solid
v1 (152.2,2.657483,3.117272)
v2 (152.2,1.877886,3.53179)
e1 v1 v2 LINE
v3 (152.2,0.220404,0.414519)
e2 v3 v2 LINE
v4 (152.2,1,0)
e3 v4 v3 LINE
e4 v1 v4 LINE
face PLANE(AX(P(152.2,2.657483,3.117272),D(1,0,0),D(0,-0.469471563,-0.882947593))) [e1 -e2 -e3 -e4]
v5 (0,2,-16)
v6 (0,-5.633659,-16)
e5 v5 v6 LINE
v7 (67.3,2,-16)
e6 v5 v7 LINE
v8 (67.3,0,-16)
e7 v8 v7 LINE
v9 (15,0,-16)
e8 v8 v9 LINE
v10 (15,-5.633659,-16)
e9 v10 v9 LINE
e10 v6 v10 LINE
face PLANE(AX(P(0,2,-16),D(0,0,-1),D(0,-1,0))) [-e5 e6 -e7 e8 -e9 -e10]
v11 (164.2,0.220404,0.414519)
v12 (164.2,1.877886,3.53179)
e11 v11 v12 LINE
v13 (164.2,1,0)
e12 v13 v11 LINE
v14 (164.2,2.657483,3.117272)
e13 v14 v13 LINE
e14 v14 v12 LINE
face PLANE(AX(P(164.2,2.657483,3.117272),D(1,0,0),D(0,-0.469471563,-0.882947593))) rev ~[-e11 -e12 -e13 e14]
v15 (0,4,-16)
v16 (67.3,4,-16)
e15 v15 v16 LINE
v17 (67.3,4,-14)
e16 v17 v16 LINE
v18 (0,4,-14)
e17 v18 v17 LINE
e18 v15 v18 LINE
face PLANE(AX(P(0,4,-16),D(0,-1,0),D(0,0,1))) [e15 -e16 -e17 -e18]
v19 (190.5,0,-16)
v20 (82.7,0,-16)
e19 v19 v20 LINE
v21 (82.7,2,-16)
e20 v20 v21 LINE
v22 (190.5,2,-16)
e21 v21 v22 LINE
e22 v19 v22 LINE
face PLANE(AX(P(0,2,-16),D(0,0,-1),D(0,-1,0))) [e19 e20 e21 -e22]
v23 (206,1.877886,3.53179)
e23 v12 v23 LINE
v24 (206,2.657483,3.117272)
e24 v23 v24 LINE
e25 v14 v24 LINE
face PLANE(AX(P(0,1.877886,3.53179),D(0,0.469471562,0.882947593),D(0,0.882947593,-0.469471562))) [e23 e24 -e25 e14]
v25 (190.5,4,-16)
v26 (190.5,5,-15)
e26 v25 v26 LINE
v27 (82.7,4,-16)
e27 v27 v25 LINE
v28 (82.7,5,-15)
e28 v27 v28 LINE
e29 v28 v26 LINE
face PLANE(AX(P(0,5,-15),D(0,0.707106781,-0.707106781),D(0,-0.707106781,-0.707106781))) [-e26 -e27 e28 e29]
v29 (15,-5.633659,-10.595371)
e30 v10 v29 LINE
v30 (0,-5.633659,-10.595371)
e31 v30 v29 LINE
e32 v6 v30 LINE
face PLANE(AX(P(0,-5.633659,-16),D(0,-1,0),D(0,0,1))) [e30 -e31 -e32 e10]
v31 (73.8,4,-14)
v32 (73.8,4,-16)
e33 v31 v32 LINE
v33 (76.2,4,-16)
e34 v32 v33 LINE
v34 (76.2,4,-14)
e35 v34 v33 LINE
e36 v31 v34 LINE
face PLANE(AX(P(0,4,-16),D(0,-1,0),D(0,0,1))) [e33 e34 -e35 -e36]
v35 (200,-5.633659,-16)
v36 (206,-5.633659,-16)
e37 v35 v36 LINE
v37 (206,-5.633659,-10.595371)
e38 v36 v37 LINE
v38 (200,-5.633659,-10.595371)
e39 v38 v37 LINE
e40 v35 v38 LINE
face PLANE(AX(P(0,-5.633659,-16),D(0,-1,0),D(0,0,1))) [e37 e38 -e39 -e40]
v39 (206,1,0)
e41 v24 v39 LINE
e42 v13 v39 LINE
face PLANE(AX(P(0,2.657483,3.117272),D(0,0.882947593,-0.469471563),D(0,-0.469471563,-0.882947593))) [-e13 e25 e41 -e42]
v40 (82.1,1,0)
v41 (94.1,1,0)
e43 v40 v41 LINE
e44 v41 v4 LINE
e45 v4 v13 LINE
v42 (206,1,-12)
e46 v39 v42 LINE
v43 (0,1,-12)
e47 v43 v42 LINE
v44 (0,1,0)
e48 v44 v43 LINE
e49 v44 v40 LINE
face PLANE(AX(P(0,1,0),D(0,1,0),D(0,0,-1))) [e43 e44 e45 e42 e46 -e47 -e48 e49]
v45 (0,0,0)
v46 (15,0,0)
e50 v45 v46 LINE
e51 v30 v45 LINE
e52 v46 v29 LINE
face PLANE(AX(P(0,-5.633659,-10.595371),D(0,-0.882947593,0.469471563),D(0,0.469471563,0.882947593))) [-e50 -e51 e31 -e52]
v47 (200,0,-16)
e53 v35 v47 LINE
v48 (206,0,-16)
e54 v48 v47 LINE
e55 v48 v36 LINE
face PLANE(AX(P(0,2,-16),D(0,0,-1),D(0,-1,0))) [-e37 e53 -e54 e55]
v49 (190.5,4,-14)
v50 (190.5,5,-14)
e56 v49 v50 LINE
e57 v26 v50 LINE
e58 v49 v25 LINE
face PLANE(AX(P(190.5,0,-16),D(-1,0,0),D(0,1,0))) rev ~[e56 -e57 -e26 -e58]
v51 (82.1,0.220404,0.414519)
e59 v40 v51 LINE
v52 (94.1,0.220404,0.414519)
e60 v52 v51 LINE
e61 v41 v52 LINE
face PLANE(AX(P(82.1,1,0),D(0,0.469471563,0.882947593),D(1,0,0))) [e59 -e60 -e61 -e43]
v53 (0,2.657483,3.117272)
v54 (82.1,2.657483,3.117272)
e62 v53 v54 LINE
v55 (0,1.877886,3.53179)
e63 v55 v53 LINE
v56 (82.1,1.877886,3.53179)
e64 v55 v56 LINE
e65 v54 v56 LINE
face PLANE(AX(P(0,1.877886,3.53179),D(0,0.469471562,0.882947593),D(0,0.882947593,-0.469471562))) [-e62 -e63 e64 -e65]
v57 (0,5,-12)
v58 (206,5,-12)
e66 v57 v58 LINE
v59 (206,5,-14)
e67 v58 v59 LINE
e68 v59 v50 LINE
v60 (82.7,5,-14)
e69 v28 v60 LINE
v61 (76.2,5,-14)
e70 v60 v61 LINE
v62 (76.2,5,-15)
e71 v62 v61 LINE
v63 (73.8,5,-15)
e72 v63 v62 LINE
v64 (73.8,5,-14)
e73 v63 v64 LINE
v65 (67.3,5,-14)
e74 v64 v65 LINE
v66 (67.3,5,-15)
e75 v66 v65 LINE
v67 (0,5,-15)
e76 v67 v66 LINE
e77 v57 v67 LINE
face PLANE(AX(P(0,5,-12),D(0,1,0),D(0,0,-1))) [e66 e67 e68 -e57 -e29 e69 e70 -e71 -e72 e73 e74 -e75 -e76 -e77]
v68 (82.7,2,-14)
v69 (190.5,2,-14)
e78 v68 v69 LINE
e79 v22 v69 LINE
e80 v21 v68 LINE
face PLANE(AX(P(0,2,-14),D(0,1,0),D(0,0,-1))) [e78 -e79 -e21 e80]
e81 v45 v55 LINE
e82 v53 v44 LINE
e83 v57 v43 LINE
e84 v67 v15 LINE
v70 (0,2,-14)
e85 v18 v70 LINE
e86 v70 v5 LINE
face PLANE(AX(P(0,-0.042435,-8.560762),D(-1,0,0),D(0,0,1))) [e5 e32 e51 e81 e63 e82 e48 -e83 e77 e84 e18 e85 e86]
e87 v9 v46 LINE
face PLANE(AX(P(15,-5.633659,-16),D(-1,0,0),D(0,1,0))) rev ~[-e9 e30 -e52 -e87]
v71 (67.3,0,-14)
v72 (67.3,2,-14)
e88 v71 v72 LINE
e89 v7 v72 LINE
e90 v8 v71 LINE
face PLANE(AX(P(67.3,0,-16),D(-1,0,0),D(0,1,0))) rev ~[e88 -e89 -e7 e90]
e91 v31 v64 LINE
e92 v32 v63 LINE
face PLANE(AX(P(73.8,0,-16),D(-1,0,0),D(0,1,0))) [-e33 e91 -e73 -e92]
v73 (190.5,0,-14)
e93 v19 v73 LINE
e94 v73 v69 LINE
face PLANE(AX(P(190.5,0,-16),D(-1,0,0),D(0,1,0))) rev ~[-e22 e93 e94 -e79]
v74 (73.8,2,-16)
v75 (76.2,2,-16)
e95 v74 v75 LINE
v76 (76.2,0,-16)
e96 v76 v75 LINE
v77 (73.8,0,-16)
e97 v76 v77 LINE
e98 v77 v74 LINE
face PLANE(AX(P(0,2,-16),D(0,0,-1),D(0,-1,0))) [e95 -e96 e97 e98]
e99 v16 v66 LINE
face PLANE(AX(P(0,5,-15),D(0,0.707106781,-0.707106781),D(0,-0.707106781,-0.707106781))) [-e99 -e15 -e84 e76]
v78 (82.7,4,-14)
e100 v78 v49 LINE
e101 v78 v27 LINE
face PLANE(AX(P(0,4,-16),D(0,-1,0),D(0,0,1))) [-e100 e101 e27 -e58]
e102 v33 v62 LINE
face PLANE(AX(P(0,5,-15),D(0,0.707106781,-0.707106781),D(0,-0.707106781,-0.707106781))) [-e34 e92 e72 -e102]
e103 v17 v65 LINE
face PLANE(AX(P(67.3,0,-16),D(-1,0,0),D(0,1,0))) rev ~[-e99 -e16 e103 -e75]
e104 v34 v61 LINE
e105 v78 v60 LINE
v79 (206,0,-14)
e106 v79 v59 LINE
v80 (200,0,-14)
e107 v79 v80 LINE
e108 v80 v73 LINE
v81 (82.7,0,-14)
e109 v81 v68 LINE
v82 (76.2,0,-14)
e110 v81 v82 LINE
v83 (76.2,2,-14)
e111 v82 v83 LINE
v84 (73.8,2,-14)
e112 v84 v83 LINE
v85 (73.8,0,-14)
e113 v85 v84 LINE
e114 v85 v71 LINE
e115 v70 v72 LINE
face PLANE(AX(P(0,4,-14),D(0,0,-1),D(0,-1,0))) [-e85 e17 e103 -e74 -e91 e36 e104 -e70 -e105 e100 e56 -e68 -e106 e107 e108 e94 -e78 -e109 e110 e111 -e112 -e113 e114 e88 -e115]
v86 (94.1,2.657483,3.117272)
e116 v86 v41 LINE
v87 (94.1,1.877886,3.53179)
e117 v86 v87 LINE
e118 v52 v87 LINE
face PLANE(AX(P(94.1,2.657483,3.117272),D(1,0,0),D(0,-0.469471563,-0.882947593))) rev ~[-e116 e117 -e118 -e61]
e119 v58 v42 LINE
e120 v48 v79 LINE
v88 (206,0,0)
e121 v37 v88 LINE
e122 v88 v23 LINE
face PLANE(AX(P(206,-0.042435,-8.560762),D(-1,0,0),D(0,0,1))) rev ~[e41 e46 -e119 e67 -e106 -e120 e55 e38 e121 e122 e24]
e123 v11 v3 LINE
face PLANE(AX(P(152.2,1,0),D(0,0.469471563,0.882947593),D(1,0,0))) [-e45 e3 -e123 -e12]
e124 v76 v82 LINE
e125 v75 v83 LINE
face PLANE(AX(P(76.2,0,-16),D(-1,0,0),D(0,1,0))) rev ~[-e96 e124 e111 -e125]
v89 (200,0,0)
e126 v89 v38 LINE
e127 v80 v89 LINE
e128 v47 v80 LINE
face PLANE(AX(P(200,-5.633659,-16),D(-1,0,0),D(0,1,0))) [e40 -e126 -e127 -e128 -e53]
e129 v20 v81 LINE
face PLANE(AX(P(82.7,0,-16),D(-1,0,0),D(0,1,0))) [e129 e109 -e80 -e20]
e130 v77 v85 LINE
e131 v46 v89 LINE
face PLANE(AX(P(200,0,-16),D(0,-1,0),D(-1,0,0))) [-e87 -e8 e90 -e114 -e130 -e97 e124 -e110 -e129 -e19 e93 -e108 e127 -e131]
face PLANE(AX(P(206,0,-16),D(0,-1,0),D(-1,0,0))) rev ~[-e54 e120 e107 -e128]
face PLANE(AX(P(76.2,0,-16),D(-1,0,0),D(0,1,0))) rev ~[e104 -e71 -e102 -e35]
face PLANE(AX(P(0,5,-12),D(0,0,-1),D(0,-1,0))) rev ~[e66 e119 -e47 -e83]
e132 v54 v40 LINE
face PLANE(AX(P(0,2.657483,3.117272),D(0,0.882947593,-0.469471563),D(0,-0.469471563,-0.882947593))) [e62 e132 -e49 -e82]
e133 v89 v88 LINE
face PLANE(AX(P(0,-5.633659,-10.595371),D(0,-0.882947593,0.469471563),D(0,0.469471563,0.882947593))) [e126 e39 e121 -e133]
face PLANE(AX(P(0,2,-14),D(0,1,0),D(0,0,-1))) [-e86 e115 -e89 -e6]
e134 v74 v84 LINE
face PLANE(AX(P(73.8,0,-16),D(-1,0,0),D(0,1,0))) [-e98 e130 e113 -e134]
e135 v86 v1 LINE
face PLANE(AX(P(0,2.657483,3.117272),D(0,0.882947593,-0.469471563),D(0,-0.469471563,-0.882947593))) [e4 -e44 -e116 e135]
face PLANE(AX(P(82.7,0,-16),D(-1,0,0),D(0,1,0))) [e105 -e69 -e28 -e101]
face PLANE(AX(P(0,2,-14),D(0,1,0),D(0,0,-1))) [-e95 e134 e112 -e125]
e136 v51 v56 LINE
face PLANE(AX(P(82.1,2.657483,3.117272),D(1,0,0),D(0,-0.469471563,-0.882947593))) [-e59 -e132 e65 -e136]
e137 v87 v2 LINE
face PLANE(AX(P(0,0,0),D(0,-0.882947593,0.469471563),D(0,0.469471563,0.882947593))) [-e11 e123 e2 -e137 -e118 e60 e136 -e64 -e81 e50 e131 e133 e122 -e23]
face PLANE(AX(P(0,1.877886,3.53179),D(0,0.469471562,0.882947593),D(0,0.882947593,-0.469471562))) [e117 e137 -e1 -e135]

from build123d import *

# Parameters (mm, degrees)
EXTRUDE_PROFILE_DEPTH = 206
SKETCH6_W             = 185
SKETCH6_H             = 5.633658753
AIR_SPACE_DEPTH       = 45
SKETCH7_W             = 12
SKETCH7_H             = 3.530528437
TAB_CUTS_DEPTH        = 8.515248173
SKETCH8_W             = 15.5
SKETCH8_H             = 10
SKETCH8_W_2           = 6.5
CUT_EXTRUDE1_DEPTH    = 2


with BuildPart() as part:
    # Sketch1 → Extrude profile (new body)
    with BuildSketch(Plane(origin=(0, 0, 0), x_dir=(0, 0, -1), z_dir=(1, 0, 0))):
        Polygon((0, 1), (12, 1), (12, 4), (12, 5), (15, 5), (16, 4), (14, 4), (14, 2), (16, 2), (16, -5.633658753), (10.595371114, -5.633658753), (0, 0), (-3.531790371, 1.877886251), (-3.117271585, 2.657482703), align=None)
    extrude(amount=EXTRUDE_PROFILE_DEPTH)

    # Sketch6 → Air space (cut)
    with BuildSketch(Plane(origin=(0, 0, -16), x_dir=(-1, 0, 0), z_dir=(0, 0, -1))):
        with Locations((-107.5, -2.816829377)):
            Rectangle(SKETCH6_W, SKETCH6_H)
    extrude(amount=-AIR_SPACE_DEPTH, mode=Mode.SUBTRACT)

    # Sketch7 → Tab cuts (cut, through all)
    with BuildSketch(Plane(origin=(0, 0.779596452, -0.414518786), x_dir=(1, 0, 0), z_dir=(0, 0.882947593, -0.469471563))):
        with Locations((158.2, -2.234735781)):
            Rectangle(SKETCH7_W, SKETCH7_H)
        with Locations((88.1, -2.234735781)):
            Rectangle(SKETCH7_W, SKETCH7_H)
    extrude(amount=-TAB_CUTS_DEPTH, mode=Mode.SUBTRACT)

    # Sketch8 → Cut-Extrude1 (cut)
    with BuildSketch(Plane(origin=(0, 0, -16), x_dir=(-1, 0, 0), z_dir=(0, 0, -1))):
        with Locations((-198.25, 5)):
            Rectangle(SKETCH8_W, SKETCH8_H)
        with Locations((-70.55, 5)):
            Rectangle(SKETCH8_W_2, SKETCH8_H)
        with Locations((-79.45, 5)):
            Rectangle(SKETCH8_W_2, SKETCH8_H)
    extrude(amount=-CUT_EXTRUDE1_DEPTH, mode=Mode.SUBTRACT)


solid = part.part
